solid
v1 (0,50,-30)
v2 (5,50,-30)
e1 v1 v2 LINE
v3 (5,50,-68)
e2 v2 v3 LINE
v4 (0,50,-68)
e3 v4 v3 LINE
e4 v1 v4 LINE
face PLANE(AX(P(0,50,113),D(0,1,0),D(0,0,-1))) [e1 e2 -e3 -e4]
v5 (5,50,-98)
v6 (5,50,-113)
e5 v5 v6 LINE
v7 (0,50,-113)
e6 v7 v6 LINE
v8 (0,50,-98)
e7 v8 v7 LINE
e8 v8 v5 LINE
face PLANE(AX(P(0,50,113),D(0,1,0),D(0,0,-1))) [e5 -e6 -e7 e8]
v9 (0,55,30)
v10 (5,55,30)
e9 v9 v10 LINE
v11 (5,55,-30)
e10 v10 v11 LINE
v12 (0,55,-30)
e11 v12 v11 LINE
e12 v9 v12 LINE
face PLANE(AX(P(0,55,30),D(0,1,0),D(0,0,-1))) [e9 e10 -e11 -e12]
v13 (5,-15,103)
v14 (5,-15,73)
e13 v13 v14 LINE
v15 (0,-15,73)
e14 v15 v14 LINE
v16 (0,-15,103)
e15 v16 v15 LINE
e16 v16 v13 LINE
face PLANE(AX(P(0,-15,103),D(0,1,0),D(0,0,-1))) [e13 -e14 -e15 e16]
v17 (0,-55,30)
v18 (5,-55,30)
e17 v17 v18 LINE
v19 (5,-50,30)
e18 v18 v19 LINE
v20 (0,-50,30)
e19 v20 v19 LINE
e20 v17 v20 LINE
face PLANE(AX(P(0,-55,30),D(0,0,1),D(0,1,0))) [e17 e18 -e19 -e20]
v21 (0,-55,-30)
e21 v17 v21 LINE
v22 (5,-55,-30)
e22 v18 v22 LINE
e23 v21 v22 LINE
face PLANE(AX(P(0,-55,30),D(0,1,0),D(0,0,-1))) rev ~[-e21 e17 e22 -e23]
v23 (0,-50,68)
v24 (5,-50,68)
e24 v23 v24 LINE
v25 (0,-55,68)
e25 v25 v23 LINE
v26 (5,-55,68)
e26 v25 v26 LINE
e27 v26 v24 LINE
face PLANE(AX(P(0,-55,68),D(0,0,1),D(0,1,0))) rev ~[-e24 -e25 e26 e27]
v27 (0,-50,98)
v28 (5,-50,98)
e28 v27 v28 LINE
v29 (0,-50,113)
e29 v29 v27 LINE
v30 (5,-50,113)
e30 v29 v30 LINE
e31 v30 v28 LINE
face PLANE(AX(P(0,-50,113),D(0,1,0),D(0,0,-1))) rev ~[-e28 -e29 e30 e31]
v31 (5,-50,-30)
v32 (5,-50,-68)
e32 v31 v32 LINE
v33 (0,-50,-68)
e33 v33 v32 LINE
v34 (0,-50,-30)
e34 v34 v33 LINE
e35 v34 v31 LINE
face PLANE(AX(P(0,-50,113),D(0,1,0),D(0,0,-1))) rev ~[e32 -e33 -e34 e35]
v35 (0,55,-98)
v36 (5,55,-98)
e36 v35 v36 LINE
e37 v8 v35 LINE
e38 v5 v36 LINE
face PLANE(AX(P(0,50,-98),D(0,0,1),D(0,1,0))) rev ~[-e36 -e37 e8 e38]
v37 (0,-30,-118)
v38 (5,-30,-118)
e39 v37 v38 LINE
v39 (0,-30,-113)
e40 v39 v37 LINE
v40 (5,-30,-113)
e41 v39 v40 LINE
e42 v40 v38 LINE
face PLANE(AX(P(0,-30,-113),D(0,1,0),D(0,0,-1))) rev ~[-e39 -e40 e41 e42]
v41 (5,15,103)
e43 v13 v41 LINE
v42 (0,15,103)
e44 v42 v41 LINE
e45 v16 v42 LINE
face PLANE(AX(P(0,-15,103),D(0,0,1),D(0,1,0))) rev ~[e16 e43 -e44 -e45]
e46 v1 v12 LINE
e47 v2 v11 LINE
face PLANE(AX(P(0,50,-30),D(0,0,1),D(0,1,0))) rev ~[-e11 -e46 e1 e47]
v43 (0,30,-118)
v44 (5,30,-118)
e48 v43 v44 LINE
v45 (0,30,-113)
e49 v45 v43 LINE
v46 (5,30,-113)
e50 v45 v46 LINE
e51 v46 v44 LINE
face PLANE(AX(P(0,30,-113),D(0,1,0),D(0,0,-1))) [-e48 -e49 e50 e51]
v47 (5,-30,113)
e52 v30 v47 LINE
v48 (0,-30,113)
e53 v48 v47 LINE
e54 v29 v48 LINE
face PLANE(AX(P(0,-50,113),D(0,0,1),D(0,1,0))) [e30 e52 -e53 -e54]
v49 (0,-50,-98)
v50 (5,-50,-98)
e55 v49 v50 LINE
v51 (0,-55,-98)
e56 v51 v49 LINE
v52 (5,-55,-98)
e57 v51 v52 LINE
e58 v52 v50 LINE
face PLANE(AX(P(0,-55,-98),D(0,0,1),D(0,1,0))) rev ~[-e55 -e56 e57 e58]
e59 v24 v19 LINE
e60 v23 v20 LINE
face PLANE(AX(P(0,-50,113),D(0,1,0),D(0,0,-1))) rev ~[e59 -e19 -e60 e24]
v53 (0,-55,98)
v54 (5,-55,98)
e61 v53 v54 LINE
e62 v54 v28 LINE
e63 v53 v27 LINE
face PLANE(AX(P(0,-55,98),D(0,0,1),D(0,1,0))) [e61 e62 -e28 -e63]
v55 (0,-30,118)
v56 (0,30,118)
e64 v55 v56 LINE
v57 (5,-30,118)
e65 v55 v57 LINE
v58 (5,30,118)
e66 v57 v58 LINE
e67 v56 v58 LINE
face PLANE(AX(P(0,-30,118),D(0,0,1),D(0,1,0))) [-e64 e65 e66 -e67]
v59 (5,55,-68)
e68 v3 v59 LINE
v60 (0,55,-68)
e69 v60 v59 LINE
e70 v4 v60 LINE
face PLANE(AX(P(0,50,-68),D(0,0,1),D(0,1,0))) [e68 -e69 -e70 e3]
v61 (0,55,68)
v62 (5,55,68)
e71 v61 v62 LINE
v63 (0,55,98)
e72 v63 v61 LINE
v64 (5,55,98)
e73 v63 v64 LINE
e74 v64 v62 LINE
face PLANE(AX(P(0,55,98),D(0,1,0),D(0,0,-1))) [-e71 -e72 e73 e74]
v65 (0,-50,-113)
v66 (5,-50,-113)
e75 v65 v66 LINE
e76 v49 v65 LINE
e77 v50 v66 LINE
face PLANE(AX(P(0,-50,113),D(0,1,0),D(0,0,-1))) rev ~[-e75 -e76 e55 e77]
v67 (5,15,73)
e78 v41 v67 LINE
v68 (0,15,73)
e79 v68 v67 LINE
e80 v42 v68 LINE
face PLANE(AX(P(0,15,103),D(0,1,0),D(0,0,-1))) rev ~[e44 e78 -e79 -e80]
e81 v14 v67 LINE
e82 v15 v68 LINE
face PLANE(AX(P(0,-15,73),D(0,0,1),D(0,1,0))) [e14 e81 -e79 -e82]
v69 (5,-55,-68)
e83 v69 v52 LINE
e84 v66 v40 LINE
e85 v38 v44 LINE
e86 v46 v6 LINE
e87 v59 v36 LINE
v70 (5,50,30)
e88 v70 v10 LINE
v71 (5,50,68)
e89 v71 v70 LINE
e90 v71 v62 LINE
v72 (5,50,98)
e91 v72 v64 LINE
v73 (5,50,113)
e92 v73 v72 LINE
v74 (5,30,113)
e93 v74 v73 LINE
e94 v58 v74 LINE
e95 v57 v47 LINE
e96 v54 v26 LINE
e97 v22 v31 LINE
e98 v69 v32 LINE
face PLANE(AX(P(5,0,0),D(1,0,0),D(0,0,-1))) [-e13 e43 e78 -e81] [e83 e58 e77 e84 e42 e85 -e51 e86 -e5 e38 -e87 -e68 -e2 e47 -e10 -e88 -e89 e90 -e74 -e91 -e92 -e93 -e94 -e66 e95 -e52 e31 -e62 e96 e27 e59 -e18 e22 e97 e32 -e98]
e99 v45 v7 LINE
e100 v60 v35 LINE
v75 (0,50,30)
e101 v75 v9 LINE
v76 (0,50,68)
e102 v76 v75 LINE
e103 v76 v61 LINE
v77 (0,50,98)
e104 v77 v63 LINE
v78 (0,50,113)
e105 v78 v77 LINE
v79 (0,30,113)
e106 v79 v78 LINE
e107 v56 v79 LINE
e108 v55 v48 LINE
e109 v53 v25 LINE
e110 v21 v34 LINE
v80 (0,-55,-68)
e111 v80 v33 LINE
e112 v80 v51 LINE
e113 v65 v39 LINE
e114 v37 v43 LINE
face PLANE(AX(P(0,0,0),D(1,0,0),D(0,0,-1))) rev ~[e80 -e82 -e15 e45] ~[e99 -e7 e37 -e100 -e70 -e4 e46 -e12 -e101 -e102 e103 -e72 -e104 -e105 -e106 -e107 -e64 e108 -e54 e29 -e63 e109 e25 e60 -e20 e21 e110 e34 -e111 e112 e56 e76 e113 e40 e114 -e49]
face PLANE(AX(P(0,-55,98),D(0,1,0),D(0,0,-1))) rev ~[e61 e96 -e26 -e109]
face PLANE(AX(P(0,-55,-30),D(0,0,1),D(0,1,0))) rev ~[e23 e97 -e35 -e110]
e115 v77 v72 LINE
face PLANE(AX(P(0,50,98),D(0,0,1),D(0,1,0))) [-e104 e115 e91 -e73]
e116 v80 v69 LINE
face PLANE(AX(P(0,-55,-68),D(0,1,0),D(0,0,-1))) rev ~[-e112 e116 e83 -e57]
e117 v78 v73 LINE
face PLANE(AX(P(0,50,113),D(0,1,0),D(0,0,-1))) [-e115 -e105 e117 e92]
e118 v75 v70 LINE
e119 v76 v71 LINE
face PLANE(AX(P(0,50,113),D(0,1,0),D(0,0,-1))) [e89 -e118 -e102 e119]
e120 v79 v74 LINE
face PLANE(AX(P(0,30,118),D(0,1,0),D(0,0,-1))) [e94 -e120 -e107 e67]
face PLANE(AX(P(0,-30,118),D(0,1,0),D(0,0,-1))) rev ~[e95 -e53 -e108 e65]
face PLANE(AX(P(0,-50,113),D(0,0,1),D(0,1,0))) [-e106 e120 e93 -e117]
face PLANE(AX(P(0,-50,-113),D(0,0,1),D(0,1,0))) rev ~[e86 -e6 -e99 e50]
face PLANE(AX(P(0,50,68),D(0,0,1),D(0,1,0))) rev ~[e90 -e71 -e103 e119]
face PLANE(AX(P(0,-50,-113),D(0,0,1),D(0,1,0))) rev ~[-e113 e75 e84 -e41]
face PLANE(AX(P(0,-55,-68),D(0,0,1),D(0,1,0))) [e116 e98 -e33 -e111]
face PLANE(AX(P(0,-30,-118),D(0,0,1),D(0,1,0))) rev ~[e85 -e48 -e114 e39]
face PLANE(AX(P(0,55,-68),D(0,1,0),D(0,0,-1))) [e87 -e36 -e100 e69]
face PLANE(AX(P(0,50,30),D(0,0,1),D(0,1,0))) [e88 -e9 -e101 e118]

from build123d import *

# Parameters (mm, degrees)
SKETCH1_W           = 226
SKETCH1_H           = 100
SKETCH1_W_2         = 30
SKETCH1_H_2         = 30
SKETCH1_W_3         = 5
SKETCH1_H_3         = 60
SKETCH1_H_4         = 5
SKETCH1_W_4         = 60
BOSS_EXTRUDE1_DEPTH = 5


with BuildPart() as part:
    # Sketch1 → Boss-Extrude1 (new body)
    # profile 1 of 9: a face of its own
    with BuildSketch(Plane(origin=(0, 0, 0), x_dir=(0, 0, -1), z_dir=(1, 0, 0))):
        Rectangle(SKETCH1_W, SKETCH1_H)
        with Locations((-88, 0)):
            Rectangle(SKETCH1_W_2, SKETCH1_H_2, mode=Mode.SUBTRACT)
    # profile 2 of 9: a face of its own
    with BuildSketch(Plane(origin=(0, 0, 0), x_dir=(0, 0, -1), z_dir=(1, 0, 0))):
        with Locations((115.5, 0)):
            Rectangle(SKETCH1_W_3, SKETCH1_H_3)
    # profile 3 of 9: a face of its own
    with BuildSketch(Plane(origin=(0, 0, 0), x_dir=(0, 0, -1), z_dir=(1, 0, 0))):
        with Locations((83, 52.5)):
            Rectangle(SKETCH1_W_2, SKETCH1_H_4)
    # profile 4 of 9: a face of its own
    with BuildSketch(Plane(origin=(0, 0, 0), x_dir=(0, 0, -1), z_dir=(1, 0, 0))):
        with Locations((0, 52.5)):
            Rectangle(SKETCH1_W_4, SKETCH1_H_4)
    # profile 5 of 9: a face of its own
    with BuildSketch(Plane(origin=(0, 0, 0), x_dir=(0, 0, -1), z_dir=(1, 0, 0))):
        with Locations((83, -52.5)):
            Rectangle(SKETCH1_W_2, SKETCH1_H_4)
    # profile 6 of 9: a face of its own
    with BuildSketch(Plane(origin=(0, 0, 0), x_dir=(0, 0, -1), z_dir=(1, 0, 0))):
        with Locations((0, -52.5)):
            Rectangle(SKETCH1_W_4, SKETCH1_H_4)
    # profile 7 of 9: a face of its own
    with BuildSketch(Plane(origin=(0, 0, 0), x_dir=(0, 0, -1), z_dir=(1, 0, 0))):
        with Locations((-83, -52.5)):
            Rectangle(SKETCH1_W_2, SKETCH1_H_4)
    # profile 8 of 9: a face of its own
    with BuildSketch(Plane(origin=(0, 0, 0), x_dir=(0, 0, -1), z_dir=(1, 0, 0))):
        with Locations((-115.5, 0)):
            Rectangle(SKETCH1_W_3, SKETCH1_H_3)
    # profile 9 of 9: a face of its own
    with BuildSketch(Plane(origin=(0, 0, 0), x_dir=(0, 0, -1), z_dir=(1, 0, 0))):
        with Locations((-83, 52.5)):
            Rectangle(SKETCH1_W_2, SKETCH1_H_4)
    extrude(amount=BOSS_EXTRUDE1_DEPTH)


solid = part.part
